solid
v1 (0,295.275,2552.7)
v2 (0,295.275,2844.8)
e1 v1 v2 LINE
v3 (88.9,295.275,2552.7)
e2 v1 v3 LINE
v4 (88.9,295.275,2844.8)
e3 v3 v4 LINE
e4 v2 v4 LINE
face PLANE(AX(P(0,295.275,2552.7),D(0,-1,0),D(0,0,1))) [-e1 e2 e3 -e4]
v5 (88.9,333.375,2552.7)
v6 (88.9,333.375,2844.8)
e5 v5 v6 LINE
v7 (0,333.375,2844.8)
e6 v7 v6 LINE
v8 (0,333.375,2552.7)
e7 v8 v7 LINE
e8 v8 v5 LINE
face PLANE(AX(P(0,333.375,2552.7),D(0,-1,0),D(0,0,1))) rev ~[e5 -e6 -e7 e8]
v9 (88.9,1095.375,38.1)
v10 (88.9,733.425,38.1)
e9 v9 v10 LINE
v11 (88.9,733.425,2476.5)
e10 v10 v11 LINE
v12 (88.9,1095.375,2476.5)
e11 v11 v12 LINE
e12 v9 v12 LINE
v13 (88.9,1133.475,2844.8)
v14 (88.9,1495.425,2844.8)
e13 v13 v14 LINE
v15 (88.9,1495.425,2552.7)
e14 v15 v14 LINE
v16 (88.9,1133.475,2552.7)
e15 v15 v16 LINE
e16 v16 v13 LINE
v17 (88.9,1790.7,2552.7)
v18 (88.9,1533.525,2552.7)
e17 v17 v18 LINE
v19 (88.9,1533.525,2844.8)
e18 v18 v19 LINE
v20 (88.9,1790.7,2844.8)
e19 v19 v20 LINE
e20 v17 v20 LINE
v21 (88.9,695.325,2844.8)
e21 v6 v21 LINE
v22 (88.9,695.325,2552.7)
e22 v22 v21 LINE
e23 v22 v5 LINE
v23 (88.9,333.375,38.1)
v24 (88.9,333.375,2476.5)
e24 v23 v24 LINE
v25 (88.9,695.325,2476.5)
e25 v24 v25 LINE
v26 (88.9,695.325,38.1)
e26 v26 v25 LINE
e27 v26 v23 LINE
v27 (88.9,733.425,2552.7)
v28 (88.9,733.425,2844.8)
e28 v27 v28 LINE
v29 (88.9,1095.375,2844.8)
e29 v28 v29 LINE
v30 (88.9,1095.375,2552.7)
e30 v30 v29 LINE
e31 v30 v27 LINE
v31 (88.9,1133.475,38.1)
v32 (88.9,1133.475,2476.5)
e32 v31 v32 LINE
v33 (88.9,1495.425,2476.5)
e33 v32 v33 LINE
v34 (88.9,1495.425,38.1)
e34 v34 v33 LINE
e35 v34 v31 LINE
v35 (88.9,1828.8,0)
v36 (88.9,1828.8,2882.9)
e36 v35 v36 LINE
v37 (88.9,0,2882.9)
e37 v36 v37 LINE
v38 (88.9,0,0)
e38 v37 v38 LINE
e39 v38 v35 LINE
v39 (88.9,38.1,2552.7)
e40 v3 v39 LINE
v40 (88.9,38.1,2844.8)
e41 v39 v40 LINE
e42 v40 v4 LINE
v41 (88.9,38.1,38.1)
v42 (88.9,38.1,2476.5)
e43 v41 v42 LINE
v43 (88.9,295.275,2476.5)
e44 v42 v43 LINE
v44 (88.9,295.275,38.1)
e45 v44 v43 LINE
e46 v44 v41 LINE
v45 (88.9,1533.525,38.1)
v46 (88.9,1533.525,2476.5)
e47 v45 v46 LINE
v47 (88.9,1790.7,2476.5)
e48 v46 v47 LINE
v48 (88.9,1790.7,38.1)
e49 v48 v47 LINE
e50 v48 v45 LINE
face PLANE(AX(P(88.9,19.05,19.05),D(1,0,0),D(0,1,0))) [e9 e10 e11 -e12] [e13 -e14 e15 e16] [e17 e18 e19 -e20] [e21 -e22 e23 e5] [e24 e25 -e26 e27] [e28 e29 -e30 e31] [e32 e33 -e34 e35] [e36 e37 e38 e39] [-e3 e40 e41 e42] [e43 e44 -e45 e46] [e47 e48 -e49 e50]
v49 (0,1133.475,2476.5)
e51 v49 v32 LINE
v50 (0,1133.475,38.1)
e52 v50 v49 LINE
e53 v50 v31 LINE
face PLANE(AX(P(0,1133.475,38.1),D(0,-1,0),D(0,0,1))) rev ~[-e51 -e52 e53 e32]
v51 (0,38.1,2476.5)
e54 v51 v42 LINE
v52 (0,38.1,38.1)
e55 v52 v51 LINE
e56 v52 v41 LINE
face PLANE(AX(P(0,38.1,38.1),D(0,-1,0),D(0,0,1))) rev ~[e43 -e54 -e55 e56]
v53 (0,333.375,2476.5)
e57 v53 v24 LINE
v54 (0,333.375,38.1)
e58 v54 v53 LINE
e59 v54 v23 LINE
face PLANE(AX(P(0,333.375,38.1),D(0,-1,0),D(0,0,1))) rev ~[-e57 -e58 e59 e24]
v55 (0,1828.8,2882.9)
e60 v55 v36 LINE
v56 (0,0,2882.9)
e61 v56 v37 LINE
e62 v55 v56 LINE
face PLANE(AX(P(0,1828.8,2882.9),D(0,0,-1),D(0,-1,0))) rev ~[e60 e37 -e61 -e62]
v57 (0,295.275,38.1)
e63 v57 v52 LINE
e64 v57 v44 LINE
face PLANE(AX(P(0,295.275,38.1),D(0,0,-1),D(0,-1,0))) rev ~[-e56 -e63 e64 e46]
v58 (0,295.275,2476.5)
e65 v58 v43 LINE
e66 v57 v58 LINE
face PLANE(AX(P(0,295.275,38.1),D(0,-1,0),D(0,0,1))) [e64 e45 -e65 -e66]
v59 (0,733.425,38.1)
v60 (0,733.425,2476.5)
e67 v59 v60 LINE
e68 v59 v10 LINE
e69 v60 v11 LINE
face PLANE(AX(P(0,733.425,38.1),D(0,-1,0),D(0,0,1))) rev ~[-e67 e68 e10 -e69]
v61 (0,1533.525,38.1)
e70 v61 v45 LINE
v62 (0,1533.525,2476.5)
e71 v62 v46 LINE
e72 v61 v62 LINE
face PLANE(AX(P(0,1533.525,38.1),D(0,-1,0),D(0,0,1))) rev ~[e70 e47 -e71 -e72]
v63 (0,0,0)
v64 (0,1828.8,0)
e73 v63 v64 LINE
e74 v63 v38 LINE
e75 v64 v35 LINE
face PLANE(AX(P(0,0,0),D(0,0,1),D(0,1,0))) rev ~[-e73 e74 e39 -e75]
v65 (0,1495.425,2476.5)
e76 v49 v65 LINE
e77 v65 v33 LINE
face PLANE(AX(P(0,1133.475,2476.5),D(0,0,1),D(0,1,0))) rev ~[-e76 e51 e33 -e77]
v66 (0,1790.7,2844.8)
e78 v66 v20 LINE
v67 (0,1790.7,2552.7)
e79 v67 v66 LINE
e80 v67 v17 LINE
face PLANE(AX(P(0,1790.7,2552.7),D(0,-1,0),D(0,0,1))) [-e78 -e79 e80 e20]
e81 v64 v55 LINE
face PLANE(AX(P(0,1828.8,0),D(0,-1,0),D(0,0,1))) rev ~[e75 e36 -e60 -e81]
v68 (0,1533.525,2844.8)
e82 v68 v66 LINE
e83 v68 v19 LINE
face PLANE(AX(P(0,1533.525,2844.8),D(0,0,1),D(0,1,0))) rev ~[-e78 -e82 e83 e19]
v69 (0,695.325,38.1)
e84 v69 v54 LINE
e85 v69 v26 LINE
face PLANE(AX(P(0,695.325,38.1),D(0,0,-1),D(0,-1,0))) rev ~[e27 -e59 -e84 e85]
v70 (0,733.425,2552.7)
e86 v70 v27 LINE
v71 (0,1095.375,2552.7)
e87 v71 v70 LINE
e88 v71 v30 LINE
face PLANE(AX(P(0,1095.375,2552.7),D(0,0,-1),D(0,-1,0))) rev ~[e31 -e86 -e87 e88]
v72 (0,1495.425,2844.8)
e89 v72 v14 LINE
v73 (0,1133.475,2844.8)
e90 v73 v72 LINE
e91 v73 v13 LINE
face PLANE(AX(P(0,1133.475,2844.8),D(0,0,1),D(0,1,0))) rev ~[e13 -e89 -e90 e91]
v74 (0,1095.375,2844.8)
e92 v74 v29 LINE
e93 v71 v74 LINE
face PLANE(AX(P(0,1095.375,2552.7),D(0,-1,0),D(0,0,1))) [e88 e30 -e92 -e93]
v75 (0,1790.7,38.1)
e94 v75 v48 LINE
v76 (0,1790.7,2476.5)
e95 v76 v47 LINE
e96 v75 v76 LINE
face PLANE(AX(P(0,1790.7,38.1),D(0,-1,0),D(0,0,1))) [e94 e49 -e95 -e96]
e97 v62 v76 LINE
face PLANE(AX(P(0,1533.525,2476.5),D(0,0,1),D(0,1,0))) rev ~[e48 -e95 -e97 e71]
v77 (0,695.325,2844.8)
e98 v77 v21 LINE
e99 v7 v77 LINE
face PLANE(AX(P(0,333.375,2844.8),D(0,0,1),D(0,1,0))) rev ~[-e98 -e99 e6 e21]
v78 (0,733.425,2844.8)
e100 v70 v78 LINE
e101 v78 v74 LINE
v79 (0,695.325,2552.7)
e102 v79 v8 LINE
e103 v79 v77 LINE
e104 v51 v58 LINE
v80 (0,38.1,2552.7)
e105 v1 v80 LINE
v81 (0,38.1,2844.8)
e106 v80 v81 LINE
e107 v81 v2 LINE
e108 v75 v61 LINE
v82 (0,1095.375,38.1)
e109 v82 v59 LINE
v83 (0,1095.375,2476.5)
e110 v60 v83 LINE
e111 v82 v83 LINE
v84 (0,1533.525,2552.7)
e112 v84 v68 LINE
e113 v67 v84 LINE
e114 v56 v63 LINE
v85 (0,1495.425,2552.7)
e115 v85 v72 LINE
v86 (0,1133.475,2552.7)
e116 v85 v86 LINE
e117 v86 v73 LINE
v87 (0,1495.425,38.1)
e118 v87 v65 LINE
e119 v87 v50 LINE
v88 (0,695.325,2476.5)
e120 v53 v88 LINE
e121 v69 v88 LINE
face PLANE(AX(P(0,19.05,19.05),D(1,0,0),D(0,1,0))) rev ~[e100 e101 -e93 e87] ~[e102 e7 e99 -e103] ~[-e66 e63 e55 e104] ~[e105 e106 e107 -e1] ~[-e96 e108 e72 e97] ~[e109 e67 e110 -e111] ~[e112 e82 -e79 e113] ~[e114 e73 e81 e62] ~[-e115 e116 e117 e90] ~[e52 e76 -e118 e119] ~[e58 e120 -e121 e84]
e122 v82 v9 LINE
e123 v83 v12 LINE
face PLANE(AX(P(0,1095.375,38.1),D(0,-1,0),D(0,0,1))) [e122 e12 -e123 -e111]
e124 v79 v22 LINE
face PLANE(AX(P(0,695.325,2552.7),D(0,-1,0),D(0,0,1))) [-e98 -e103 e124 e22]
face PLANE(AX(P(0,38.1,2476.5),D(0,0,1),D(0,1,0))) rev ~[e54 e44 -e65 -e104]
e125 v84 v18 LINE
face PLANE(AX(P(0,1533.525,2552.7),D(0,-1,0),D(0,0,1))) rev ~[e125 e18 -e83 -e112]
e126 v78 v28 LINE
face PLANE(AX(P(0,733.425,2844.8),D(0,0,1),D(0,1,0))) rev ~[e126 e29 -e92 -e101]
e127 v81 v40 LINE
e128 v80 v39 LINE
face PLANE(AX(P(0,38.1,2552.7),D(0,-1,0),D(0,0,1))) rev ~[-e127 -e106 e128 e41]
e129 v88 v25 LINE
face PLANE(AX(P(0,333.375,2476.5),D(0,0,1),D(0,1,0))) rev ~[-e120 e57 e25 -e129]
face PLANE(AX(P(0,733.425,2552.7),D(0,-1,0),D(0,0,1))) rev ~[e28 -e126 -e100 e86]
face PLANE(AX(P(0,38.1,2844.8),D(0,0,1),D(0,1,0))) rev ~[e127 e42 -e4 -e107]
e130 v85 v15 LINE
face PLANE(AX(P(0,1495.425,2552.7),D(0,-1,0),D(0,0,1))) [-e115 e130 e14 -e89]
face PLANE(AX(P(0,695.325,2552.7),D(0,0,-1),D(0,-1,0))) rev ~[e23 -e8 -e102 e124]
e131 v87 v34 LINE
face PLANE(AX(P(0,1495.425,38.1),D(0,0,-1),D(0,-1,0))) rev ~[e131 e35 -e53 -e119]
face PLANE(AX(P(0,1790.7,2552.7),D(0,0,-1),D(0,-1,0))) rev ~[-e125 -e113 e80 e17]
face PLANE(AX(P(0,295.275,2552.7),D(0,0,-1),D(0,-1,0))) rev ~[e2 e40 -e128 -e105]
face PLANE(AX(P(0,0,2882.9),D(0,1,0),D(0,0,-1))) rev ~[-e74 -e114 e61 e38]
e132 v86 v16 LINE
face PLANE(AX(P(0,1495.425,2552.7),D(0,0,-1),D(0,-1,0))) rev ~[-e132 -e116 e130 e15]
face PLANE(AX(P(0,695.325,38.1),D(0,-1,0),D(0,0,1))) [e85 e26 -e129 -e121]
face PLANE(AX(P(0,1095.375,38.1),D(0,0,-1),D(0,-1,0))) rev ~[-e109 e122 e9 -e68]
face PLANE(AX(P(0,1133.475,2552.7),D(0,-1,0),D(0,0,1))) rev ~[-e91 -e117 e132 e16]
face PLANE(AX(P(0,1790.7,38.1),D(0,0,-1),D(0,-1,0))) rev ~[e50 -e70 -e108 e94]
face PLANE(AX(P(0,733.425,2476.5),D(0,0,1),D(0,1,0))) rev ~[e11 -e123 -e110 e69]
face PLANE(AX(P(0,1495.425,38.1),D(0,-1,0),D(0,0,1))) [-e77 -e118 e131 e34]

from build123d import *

# Parameters (mm, degrees)
F0_W     = 38.1
F0_H     = 38.1
F0_H_2   = 2438.4
F0_H_3   = 292.1
F1_DEPTH = 88.9


with BuildPart() as f1:
    # F0 (on Right) → F1 (new body)
    with BuildSketch(Plane.YZ):
        with Locations((19.05, 19.05)):
            Rectangle(F0_W, F0_H)
        Polygon((38.1, 38.1), (38.1, 0), (1790.7, 0), (1790.7, 38.1), (1533.525, 38.1), (1495.425, 38.1), (1133.475, 38.1), (1095.375, 38.1), (733.425, 38.1), (695.325, 38.1), (333.375, 38.1), (295.275, 38.1), align=None)
        with Locations((19.05, 1257.3)):
            Rectangle(F0_W, F0_H_2)
        with Locations((1809.75, 19.05)):
            Rectangle(F0_W, F0_H)
        Polygon((0, 2514.6), (0, 2476.5), (38.1, 2476.5), (295.275, 2476.5), (333.375, 2476.5), (695.325, 2476.5), (733.425, 2476.5), (1095.375, 2476.5), (1133.475, 2476.5), (1495.425, 2476.5), (1533.525, 2476.5), (1790.7, 2476.5), (1828.8, 2476.5), (1828.8, 2514.6), align=None)
        with Locations((1809.75, 1257.3)):
            Rectangle(F0_W, F0_H_2)
        Polygon((0, 2552.7), (0, 2514.6), (1828.8, 2514.6), (1828.8, 2552.7), (1790.7, 2552.7), (1533.525, 2552.7), (1495.425, 2552.7), (1133.475, 2552.7), (1095.375, 2552.7), (733.425, 2552.7), (695.325, 2552.7), (333.375, 2552.7), (295.275, 2552.7), (38.1, 2552.7), align=None)
        with Locations((19.05, 2698.75)):
            Rectangle(F0_W, F0_H_3)
        Polygon((0, 2882.9), (0, 2844.8), (38.1, 2844.8), (295.275, 2844.8), (333.375, 2844.8), (695.325, 2844.8), (733.425, 2844.8), (1095.375, 2844.8), (1133.475, 2844.8), (1495.425, 2844.8), (1533.525, 2844.8), (1790.7, 2844.8), (1828.8, 2844.8), (1828.8, 2882.9), align=None)
        with Locations((1809.75, 2698.75)):
            Rectangle(F0_W, F0_H_3)
        with Locations((314.325, 1257.3)):
            Rectangle(F0_W, F0_H_2)
        with Locations((714.375, 1257.3)):
            Rectangle(F0_W, F0_H_2)
        with Locations((1114.425, 1257.3)):
            Rectangle(F0_W, F0_H_2)
        with Locations((1514.475, 1257.3)):
            Rectangle(F0_W, F0_H_2)
        with Locations((1514.475, 2698.75)):
            Rectangle(F0_W, F0_H_3)
        with Locations((1114.425, 2698.75)):
            Rectangle(F0_W, F0_H_3)
        with Locations((714.375, 2698.75)):
            Rectangle(F0_W, F0_H_3)
        with Locations((314.325, 2698.75)):
            Rectangle(F0_W, F0_H_3)
    extrude(amount=F1_DEPTH)


solid = f1.part
